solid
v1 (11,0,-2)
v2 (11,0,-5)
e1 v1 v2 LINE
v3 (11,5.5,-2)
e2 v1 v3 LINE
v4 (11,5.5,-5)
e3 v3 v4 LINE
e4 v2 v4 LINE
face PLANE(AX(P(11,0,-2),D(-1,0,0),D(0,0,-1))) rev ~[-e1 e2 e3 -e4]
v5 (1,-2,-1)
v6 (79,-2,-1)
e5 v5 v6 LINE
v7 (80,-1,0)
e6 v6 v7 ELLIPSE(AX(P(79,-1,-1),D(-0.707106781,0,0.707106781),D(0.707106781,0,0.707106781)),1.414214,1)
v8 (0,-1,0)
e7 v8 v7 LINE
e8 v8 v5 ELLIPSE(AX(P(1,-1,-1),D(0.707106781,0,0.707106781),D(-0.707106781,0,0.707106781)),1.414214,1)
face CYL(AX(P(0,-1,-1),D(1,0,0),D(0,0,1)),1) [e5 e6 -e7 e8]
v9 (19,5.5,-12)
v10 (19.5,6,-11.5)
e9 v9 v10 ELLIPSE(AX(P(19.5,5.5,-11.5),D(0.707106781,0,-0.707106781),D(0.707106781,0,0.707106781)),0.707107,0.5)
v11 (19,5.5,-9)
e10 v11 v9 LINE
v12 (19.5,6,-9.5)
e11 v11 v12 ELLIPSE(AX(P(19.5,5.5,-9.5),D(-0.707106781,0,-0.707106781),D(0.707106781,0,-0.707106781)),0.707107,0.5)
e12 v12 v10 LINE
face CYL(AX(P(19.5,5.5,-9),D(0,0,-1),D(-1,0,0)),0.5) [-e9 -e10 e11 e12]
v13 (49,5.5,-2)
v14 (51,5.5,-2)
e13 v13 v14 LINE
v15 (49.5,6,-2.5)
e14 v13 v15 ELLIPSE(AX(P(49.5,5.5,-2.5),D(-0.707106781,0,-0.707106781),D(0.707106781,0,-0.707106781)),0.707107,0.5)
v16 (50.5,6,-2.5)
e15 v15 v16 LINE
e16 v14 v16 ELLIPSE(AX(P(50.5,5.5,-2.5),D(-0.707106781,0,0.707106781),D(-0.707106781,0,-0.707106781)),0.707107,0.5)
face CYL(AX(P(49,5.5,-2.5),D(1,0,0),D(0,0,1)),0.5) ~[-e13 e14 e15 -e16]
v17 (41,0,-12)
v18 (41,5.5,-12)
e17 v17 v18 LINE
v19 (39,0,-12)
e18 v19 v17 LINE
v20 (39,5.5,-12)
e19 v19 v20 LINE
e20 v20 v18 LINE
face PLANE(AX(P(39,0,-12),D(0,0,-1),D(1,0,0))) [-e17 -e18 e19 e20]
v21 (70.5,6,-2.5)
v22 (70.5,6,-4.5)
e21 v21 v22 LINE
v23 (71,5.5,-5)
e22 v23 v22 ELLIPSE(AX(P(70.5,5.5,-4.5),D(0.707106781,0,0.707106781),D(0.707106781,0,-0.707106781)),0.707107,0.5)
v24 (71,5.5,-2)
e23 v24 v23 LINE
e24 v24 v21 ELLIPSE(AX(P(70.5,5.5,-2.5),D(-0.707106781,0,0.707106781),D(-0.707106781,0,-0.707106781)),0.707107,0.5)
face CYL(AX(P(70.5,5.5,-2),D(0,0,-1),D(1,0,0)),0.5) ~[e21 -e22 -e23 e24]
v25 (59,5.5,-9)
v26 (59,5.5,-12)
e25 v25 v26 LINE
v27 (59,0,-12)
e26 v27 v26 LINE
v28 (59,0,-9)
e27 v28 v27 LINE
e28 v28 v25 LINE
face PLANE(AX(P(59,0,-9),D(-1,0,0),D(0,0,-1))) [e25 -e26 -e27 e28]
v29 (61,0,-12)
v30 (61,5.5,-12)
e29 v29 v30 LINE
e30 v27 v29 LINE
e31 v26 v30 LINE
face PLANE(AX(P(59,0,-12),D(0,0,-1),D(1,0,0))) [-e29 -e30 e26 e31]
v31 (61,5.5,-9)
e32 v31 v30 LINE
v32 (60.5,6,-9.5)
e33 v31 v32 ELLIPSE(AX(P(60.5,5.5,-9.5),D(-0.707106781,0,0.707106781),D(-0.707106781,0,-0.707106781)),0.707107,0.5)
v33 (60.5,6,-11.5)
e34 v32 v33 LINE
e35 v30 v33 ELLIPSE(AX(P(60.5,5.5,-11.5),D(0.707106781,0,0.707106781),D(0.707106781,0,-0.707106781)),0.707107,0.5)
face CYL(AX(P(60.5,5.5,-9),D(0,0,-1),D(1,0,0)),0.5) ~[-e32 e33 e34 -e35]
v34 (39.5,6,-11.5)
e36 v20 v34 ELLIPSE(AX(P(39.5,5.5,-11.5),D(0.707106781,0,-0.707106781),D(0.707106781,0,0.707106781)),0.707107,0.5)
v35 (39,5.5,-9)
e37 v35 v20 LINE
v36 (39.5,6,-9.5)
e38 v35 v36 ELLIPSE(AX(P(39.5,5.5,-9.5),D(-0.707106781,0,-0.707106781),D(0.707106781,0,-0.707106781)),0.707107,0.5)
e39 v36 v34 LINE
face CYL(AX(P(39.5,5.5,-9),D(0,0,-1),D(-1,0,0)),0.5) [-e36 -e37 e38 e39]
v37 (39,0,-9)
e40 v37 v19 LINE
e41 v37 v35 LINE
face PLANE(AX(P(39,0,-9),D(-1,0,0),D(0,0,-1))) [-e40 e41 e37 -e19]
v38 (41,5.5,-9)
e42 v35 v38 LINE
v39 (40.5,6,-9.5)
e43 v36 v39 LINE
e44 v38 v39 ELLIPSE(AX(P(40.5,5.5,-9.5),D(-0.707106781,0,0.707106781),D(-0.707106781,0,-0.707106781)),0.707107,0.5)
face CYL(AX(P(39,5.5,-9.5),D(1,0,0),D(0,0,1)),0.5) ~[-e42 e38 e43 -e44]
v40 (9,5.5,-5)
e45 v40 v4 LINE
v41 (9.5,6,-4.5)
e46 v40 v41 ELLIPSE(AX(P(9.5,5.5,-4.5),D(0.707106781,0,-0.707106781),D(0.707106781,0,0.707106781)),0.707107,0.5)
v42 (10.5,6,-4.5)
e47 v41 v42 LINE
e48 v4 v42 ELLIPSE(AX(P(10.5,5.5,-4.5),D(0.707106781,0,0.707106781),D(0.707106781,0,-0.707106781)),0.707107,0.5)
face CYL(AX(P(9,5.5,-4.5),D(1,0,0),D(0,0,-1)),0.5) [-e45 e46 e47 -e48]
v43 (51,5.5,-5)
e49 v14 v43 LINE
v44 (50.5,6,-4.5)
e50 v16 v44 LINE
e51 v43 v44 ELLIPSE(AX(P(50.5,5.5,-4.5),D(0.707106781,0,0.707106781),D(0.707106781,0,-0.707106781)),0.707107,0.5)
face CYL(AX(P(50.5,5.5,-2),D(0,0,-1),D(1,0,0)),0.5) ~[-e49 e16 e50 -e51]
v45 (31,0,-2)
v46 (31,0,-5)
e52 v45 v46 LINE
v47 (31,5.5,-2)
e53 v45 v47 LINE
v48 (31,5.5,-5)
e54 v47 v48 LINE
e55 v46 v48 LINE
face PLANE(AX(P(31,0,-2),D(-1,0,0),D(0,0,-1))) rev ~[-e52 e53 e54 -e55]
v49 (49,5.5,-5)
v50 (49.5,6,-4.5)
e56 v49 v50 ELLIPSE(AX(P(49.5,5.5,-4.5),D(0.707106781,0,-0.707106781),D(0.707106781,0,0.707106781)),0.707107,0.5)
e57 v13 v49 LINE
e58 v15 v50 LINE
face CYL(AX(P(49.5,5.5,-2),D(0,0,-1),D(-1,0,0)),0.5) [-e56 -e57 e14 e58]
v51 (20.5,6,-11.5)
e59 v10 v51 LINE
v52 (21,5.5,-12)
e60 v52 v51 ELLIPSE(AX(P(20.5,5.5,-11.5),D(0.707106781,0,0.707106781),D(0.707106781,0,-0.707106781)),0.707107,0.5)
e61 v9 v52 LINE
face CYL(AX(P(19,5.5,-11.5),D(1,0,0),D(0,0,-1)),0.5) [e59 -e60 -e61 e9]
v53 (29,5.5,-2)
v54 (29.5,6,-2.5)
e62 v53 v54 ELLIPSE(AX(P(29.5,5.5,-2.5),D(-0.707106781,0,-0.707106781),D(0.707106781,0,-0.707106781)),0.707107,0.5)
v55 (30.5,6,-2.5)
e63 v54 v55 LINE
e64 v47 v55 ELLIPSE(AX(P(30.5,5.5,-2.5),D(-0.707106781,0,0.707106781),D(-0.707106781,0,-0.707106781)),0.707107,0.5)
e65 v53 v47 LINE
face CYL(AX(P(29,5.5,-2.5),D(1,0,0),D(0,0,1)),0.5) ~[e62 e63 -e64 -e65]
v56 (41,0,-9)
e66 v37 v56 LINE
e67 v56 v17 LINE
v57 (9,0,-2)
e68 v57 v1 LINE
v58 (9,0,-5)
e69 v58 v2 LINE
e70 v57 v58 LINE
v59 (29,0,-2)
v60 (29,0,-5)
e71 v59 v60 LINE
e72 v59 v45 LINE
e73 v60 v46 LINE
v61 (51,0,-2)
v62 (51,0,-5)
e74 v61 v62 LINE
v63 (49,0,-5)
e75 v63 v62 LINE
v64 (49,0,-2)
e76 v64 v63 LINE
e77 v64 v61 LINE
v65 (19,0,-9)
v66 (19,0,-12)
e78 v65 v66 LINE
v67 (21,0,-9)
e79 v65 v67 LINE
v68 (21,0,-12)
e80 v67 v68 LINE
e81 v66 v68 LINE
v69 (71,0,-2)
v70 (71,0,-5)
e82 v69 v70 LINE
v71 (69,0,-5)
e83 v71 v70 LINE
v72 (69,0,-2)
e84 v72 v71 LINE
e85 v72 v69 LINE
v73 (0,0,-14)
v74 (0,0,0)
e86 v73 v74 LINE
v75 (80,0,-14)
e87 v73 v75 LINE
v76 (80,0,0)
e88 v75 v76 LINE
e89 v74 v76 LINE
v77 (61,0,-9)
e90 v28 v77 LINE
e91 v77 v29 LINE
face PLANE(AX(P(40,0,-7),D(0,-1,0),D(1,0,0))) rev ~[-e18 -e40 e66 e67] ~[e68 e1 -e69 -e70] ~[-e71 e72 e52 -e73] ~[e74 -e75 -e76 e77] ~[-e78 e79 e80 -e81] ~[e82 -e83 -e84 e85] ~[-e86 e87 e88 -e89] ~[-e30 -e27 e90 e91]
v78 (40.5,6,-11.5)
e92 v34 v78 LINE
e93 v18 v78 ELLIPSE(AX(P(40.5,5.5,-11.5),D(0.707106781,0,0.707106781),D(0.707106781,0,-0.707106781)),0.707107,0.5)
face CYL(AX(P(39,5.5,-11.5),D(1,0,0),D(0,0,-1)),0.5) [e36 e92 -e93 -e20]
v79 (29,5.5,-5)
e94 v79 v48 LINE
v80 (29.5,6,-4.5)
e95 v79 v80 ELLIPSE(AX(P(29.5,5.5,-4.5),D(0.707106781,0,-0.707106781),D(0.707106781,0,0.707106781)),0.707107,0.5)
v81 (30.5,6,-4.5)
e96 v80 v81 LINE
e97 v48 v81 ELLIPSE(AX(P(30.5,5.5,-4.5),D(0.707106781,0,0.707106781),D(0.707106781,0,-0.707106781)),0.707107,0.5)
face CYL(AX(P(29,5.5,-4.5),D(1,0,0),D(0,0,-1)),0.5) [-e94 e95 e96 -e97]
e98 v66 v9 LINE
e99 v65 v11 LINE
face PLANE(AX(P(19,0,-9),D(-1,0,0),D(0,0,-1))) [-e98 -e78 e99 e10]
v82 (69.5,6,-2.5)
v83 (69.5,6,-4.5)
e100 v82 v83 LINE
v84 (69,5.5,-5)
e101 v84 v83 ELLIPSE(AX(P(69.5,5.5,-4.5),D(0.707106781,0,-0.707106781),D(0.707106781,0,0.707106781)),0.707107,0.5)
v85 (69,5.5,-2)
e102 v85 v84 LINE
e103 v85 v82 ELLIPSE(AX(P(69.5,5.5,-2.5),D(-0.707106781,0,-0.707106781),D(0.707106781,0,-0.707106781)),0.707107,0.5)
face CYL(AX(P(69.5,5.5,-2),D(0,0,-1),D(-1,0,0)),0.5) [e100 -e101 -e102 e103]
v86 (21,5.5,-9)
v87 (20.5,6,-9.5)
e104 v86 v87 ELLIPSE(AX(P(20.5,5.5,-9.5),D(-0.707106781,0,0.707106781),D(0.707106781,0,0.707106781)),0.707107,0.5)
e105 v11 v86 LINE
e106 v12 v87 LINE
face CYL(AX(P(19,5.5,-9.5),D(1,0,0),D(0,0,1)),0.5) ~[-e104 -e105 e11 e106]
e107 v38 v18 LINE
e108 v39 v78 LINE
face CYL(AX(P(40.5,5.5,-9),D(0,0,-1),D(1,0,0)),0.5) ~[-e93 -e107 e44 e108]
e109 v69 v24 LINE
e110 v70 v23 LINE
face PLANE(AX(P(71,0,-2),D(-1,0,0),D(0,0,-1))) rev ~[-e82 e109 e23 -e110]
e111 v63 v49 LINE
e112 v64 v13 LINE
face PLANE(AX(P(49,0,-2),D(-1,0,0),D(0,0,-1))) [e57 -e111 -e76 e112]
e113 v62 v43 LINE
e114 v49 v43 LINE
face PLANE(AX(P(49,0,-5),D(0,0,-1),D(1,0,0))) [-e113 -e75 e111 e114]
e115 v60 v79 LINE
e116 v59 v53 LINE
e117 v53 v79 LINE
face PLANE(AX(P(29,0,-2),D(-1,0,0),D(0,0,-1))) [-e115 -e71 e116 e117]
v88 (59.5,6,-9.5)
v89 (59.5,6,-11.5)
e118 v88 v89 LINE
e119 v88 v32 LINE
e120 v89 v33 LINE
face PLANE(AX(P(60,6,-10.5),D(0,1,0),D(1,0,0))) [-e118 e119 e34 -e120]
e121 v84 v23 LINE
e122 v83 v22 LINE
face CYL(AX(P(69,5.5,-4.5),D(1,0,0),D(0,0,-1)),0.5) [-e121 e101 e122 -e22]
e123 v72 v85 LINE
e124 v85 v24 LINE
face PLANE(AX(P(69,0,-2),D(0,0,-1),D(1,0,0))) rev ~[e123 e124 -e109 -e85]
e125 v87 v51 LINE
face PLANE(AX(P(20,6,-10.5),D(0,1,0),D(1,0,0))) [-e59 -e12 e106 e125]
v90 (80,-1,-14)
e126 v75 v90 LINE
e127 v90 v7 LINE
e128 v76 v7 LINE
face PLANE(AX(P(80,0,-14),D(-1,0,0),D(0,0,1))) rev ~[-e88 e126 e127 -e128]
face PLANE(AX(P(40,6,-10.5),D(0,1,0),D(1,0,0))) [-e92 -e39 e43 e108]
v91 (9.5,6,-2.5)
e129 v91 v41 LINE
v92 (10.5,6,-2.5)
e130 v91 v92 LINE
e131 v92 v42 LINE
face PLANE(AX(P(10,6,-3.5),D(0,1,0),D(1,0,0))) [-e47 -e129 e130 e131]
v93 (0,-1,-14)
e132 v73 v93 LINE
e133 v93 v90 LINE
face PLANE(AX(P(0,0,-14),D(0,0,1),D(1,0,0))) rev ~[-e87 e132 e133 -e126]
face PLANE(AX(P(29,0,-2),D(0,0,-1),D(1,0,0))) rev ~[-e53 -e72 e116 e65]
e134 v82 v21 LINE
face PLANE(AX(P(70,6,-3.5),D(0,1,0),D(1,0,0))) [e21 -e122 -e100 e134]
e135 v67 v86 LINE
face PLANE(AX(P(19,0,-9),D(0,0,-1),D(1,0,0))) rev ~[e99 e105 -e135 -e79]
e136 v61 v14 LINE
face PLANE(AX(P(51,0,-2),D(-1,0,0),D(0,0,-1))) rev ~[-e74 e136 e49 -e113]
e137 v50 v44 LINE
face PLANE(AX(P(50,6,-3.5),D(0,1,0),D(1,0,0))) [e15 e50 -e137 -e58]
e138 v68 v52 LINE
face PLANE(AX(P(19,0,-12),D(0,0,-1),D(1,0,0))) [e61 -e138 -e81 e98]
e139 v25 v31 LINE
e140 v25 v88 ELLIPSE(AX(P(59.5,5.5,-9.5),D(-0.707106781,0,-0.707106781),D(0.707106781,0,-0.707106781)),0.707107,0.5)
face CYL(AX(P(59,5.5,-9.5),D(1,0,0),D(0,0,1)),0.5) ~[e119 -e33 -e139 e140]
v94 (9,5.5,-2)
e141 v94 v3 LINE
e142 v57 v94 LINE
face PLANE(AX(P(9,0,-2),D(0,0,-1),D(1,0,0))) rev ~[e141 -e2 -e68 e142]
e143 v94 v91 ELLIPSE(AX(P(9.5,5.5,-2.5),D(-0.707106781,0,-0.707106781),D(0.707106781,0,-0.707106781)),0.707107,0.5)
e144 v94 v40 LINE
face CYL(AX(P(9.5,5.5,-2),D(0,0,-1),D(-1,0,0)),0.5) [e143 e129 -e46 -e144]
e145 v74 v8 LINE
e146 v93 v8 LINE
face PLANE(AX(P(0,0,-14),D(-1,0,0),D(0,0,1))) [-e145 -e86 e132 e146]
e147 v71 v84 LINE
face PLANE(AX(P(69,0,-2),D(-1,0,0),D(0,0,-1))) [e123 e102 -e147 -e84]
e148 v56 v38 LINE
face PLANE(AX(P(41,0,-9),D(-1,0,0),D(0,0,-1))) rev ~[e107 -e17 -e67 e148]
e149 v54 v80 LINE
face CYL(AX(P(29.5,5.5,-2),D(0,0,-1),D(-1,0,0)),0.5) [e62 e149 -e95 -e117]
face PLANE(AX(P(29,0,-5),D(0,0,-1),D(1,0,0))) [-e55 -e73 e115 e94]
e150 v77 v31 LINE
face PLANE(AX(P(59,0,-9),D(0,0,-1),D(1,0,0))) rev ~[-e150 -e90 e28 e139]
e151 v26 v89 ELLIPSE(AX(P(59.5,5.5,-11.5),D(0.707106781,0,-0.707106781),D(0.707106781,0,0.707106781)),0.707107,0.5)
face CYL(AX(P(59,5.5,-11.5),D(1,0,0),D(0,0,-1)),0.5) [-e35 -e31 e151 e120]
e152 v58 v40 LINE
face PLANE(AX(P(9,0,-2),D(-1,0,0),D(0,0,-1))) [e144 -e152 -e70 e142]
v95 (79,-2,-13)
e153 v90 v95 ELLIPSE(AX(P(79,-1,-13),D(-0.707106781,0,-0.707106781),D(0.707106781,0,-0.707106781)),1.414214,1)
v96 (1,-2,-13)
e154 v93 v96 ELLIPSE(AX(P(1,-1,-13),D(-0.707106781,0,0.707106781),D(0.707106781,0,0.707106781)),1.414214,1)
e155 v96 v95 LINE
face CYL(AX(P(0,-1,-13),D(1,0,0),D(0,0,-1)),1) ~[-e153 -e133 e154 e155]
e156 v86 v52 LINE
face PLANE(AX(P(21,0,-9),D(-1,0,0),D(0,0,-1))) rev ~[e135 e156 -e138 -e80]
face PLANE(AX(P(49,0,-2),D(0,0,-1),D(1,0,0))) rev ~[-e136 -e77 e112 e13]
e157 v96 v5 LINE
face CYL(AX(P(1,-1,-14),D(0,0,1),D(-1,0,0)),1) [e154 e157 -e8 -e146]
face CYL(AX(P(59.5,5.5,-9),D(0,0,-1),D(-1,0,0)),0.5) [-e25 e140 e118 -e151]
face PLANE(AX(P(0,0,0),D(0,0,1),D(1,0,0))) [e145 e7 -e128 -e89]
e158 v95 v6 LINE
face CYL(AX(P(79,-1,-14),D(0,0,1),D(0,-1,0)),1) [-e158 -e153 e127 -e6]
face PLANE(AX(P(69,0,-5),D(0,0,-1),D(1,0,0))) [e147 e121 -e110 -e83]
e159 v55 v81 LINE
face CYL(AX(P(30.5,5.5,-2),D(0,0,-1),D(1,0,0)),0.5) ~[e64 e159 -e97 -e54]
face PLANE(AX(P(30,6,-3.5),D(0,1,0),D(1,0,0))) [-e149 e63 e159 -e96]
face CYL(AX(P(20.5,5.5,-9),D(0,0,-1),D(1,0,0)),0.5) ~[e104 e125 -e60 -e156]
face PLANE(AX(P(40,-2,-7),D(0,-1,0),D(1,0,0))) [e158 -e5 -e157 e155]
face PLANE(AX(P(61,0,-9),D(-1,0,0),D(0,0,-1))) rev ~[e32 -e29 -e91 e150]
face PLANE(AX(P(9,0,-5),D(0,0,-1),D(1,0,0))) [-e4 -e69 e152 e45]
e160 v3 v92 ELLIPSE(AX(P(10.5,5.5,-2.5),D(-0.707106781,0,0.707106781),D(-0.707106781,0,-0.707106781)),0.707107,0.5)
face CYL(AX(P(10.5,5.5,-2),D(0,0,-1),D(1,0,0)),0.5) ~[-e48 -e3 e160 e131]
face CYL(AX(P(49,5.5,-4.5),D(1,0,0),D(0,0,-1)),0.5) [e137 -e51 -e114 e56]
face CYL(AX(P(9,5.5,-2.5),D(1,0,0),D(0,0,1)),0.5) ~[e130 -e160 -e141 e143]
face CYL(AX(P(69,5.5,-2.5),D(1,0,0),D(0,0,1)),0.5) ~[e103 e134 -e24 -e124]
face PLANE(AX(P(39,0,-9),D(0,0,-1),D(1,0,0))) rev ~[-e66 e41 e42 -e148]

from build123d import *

# Parameters (mm, degrees)
SKETCH1_W             = 2
SKETCH1_H             = 3
BOSS_EXTRUDE1_DEPTH   = 6
BOSS_EXTRUDE1_2_DEPTH = 6
BOSS_EXTRUDE1_3_DEPTH = 6
BOSS_EXTRUDE1_4_DEPTH = 6
BOSS_EXTRUDE1_5_DEPTH = 6
BOSS_EXTRUDE1_6_DEPTH = 6
BOSS_EXTRUDE1_7_DEPTH = 6
SKETCH2_W             = 80
SKETCH2_H             = 14
BOSS_EXTRUDE2_DEPTH   = 2
FILLET1_R             = 1
FILLET2_R             = 0.5


with BuildPart() as part:
    # Sketch1 → Boss-Extrude1 (new body)
    with BuildSketch(Plane(origin=(0, 0, 0), x_dir=(1, 0, 0), z_dir=(0, 1, 0))):
        with Locations((20, 10.5)):
            Rectangle(SKETCH1_W, SKETCH1_H)
    extrude(amount=BOSS_EXTRUDE1_DEPTH)



with BuildPart() as body_2:
    # Sketch1 → Boss-Extrude1 2 (new body)
    with BuildSketch(Plane(origin=(0, 0, 0), x_dir=(1, 0, 0), z_dir=(0, 1, 0))):
        with Locations((30, 3.5)):
            Rectangle(SKETCH1_W, SKETCH1_H)
    extrude(amount=BOSS_EXTRUDE1_2_DEPTH)


with BuildPart() as body_3:
    # Sketch1 → Boss-Extrude1 3 (new body)
    with BuildSketch(Plane(origin=(0, 0, 0), x_dir=(1, 0, 0), z_dir=(0, 1, 0))):
        with Locations((40, 10.5)):
            Rectangle(SKETCH1_W, SKETCH1_H)
    extrude(amount=BOSS_EXTRUDE1_3_DEPTH)


with BuildPart() as body_4:
    # Sketch1 → Boss-Extrude1 4 (new body)
    with BuildSketch(Plane(origin=(0, 0, 0), x_dir=(1, 0, 0), z_dir=(0, 1, 0))):
        with Locations((50, 3.5)):
            Rectangle(SKETCH1_W, SKETCH1_H)
    extrude(amount=BOSS_EXTRUDE1_4_DEPTH)


with BuildPart() as body_5:
    # Sketch1 → Boss-Extrude1 5 (new body)
    with BuildSketch(Plane(origin=(0, 0, 0), x_dir=(1, 0, 0), z_dir=(0, 1, 0))):
        with Locations((60, 10.5)):
            Rectangle(SKETCH1_W, SKETCH1_H)
    extrude(amount=BOSS_EXTRUDE1_5_DEPTH)


with BuildPart() as body_6:
    # Sketch1 → Boss-Extrude1 6 (new body)
    with BuildSketch(Plane(origin=(0, 0, 0), x_dir=(1, 0, 0), z_dir=(0, 1, 0))):
        with Locations((70, 3.5)):
            Rectangle(SKETCH1_W, SKETCH1_H)
    extrude(amount=BOSS_EXTRUDE1_6_DEPTH)


with BuildPart() as body_7:
    # Sketch1 → Boss-Extrude1 7 (new body)
    with BuildSketch(Plane(origin=(0, 0, 0), x_dir=(1, 0, 0), z_dir=(0, 1, 0))):
        with Locations((10, 3.5)):
            Rectangle(SKETCH1_W, SKETCH1_H)
    extrude(amount=BOSS_EXTRUDE1_7_DEPTH)


with BuildPart() as part_1:
    add(part.part)

    add(body_2.part)  # Boss-Extrude2 merges body 2

    add(body_3.part)  # Boss-Extrude2 merges body 3

    add(body_4.part)  # Boss-Extrude2 merges body 4

    add(body_5.part)  # Boss-Extrude2 merges body 5

    add(body_6.part)  # Boss-Extrude2 merges body 6

    add(body_7.part)  # Boss-Extrude2 merges body 7
    # Sketch2 → Boss-Extrude2 (add)
    with BuildSketch(Plane.XZ):
        with Locations((40, -7)):
            Rectangle(SKETCH2_W, SKETCH2_H)
    extrude(amount=BOSS_EXTRUDE2_DEPTH)

    # Fillet1
    fillet1_edges = [part_1.edges().sort_by_distance(p)[0] for p in [
        (0, -2, -7),
        (40, -2, -14),
        (80, -2, -7),
        (40, -2, 0),
    ]]
    fillet(fillet1_edges, radius=FILLET1_R)

    # Fillet2
    fillet2_edges = [part_1.edges().sort_by_distance(p)[0] for p in [
        (20, 6, -9),
        (51, 6, -3.5),
        (50, 6, -5),
        (49, 6, -3.5),
        (50, 6, -2),
        (61, 6, -10.5),
        (60, 6, -12),
        (59, 6, -10.5),
        (60, 6, -9),
        (71, 6, -3.5),
        (70, 6, -5),
        (69, 6, -3.5),
        (70, 6, -2),
        (10, 6, -5),
        (11, 6, -3.5),
        (9, 6, -3.5),
        (10, 6, -2),
        (21, 6, -10.5),
        (20, 6, -12),
        (19, 6, -10.5),
        (31, 6, -3.5),
        (30, 6, -5),
        (29, 6, -3.5),
        (30, 6, -2),
        (41, 6, -10.5),
        (40, 6, -12),
        (39, 6, -10.5),
        (40, 6, -9),
    ]]
    fillet(fillet2_edges, radius=FILLET2_R)


solid = part_1.part
